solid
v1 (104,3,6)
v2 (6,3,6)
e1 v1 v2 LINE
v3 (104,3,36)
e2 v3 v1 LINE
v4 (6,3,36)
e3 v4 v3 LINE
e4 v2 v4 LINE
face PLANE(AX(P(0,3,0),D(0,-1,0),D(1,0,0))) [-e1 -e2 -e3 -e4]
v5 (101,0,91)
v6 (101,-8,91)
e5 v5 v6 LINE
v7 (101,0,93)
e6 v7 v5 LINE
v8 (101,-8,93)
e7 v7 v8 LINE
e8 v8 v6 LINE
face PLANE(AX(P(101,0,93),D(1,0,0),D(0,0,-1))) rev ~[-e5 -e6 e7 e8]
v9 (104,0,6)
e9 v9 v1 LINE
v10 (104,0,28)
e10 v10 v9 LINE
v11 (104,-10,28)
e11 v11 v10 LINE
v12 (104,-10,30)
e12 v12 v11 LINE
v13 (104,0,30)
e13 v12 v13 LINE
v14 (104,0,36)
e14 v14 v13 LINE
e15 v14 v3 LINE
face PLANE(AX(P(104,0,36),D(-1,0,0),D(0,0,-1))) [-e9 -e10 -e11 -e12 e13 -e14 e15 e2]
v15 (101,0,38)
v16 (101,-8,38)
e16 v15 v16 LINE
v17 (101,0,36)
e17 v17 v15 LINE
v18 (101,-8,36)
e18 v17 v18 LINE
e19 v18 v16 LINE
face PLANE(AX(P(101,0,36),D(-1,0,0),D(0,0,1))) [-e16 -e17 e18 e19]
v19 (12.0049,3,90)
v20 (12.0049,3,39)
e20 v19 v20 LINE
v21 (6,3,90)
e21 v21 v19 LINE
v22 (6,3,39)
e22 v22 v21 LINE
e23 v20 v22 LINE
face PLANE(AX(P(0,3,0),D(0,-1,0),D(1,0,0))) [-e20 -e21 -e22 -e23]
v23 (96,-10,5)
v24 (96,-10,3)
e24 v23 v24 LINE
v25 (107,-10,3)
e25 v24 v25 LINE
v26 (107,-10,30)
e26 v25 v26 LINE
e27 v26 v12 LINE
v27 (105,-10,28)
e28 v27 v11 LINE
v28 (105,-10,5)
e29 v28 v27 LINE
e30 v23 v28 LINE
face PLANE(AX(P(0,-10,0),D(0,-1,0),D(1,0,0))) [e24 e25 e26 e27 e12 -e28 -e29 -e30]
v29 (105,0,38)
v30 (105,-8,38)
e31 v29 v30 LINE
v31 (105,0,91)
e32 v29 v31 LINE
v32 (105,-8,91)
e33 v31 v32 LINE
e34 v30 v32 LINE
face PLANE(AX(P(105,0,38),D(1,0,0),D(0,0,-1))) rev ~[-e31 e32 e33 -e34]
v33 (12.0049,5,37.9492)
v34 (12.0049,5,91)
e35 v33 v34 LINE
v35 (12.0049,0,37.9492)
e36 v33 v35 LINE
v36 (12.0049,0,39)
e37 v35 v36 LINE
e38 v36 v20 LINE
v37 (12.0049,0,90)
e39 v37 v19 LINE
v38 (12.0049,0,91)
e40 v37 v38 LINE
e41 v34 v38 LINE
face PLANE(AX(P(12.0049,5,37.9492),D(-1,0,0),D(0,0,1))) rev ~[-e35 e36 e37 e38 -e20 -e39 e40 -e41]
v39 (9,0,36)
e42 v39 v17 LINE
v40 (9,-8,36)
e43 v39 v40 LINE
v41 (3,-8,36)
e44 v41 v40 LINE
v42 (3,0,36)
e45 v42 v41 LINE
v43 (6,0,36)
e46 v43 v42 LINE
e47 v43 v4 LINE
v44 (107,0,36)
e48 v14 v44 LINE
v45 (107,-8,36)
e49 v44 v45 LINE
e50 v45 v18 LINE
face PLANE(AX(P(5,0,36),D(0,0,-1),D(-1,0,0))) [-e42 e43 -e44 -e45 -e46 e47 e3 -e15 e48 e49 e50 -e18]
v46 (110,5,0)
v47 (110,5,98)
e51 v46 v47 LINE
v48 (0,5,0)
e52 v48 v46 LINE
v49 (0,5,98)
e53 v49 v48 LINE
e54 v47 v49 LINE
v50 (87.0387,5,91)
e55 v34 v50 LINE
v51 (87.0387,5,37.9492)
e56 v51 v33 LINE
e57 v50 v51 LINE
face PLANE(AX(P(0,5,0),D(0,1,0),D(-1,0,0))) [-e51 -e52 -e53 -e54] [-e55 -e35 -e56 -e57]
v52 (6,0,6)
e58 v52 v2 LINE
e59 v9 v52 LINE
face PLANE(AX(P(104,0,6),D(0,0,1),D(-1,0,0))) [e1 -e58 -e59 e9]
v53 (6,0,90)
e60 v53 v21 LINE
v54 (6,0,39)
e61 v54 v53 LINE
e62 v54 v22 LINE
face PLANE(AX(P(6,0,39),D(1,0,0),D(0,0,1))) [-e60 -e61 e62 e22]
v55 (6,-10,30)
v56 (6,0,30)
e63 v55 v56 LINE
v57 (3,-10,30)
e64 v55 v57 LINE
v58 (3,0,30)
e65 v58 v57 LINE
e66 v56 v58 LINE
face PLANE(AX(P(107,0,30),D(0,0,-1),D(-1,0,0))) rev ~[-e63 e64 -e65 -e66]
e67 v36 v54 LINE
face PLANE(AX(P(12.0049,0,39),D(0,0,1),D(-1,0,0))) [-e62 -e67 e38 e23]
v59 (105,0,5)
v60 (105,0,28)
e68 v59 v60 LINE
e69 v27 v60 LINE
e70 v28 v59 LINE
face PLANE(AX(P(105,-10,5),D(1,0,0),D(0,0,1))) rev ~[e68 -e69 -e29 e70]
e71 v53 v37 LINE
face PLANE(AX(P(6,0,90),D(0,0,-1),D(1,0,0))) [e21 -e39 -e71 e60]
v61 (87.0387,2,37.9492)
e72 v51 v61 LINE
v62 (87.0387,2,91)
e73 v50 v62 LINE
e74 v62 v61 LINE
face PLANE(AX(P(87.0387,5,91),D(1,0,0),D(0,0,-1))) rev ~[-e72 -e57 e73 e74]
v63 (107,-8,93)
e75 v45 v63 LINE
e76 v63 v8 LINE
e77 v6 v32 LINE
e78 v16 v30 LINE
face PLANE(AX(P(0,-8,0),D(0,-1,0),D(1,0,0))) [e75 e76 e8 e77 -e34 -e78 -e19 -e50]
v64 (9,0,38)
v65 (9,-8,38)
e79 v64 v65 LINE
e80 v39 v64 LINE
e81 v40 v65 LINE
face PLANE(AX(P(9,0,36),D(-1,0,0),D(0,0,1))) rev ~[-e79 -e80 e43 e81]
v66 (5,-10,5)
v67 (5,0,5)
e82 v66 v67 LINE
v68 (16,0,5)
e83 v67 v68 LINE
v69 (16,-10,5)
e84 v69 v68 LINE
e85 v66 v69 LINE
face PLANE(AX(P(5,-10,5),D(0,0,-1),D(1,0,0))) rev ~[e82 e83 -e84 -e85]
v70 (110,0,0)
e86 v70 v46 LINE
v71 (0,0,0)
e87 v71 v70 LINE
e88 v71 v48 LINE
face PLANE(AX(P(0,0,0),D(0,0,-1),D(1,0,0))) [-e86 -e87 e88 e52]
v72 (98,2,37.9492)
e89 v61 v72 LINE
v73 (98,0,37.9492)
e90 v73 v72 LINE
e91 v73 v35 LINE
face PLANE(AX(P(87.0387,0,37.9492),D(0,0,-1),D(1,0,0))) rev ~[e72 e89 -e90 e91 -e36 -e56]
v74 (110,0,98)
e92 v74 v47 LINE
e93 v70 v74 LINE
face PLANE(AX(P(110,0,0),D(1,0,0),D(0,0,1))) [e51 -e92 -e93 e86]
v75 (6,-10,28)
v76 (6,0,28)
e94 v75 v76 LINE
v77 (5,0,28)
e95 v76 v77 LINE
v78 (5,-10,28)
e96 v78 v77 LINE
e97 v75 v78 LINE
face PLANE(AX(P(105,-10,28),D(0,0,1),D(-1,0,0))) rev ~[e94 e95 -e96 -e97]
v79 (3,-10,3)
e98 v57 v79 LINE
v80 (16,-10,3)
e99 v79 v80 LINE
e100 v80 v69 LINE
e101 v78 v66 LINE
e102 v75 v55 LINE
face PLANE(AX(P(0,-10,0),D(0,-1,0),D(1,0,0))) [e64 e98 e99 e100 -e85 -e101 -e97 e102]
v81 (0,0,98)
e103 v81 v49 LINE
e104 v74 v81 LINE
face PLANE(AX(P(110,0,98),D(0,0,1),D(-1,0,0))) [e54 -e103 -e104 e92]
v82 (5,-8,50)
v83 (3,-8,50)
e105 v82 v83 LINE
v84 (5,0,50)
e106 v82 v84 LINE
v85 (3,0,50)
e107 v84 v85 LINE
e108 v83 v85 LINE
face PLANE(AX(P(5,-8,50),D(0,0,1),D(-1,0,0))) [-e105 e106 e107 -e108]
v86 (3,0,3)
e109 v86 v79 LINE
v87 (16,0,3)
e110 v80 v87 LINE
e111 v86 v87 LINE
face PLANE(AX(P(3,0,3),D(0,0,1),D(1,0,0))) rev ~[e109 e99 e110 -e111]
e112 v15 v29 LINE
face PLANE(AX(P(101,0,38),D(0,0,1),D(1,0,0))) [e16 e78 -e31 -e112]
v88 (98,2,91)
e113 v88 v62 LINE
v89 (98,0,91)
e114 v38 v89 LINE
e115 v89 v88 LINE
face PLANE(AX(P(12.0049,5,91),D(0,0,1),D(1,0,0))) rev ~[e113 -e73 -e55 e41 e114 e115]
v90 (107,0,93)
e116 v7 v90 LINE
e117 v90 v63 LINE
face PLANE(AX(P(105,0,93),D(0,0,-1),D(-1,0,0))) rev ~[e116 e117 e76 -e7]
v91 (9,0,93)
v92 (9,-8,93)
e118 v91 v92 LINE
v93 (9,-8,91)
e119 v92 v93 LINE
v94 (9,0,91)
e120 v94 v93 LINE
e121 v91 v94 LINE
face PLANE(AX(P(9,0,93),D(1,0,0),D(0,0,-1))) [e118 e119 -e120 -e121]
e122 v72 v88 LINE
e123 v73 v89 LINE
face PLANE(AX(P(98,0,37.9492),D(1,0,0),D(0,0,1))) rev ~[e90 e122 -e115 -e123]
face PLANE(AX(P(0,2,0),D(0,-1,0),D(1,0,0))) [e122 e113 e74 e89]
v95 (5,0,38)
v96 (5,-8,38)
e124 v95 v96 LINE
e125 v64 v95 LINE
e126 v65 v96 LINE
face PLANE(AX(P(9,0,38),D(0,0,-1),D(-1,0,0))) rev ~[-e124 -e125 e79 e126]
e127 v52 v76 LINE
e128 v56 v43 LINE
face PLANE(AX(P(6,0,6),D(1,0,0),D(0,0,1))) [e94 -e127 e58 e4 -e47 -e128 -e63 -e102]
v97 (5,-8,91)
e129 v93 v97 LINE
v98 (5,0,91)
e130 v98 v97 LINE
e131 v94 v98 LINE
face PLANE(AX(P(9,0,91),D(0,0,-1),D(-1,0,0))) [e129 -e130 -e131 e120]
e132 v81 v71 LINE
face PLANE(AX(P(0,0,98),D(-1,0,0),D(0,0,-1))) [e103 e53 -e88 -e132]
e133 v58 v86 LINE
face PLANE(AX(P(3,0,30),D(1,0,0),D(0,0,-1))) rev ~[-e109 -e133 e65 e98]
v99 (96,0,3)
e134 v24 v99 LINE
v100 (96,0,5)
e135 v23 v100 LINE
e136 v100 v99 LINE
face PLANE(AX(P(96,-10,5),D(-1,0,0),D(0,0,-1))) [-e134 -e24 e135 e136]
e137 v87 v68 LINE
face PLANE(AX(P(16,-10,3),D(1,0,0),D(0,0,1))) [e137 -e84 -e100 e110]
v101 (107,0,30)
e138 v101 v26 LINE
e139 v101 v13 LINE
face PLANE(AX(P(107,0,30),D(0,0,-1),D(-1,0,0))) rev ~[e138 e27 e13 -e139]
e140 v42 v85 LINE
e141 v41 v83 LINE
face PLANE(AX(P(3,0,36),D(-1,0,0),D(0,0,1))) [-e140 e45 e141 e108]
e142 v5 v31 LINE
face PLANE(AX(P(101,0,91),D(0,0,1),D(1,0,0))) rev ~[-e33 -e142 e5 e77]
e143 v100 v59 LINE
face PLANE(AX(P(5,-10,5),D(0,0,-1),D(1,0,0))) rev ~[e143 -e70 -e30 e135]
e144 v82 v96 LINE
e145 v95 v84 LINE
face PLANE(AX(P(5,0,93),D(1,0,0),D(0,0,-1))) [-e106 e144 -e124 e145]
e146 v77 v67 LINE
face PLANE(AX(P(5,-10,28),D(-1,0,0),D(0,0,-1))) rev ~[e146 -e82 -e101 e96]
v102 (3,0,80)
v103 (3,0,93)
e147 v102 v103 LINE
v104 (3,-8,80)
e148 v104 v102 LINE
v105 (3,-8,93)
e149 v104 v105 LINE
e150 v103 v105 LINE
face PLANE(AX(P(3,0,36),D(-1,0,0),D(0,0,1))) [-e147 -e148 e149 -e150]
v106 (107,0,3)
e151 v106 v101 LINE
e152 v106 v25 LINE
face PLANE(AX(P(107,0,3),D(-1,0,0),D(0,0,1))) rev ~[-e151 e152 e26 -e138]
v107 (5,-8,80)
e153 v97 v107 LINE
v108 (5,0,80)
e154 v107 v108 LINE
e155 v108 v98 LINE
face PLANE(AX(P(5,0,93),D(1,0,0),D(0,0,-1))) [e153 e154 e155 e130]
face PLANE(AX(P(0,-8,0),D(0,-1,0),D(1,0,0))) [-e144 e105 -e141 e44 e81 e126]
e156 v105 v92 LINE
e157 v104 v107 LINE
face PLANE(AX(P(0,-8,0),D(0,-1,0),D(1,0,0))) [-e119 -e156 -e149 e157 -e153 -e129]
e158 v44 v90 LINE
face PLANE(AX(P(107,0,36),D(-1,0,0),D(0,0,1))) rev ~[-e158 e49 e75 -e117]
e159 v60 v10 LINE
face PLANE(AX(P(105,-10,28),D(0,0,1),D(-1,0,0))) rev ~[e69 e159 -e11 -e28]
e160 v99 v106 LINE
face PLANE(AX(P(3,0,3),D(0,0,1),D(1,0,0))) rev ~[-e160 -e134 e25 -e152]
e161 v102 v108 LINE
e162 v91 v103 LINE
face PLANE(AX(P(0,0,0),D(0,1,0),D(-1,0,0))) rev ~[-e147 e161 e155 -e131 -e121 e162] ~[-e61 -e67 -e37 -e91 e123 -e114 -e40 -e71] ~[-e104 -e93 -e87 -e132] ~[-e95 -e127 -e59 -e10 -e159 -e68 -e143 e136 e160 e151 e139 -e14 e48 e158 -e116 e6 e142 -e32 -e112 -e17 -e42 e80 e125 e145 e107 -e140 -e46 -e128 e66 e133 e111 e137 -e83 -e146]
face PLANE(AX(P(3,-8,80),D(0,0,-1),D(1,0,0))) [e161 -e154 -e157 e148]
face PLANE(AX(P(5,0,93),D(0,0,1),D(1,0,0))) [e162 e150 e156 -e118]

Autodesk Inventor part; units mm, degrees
ref_plane "YZ Plane" through (0, 0, 0) normal (1, 0, 0) x (0, 1, 0)
ref_plane "XZ Plane" through (0, 0, 0) normal (0, 1, 0) x (-1, 0, 0)
ref_plane "XY Plane" through (0, 0, 0) normal (0, 0, 1) x (1, 0, 0)
sketch "Skizze1" plane through (0, 0, 0) normal (0, 1, 0) x (-1, 0, 0)
  line L0 (0, 0) -> (-110, 0)
  line L1 (-110, 0) -> (-110, 98)
  line L2 (-110, 98) -> (0, 98)
  line L3 (0, 98) -> (0, 0)
  dimension "d0" = 110
  dimension "d1" = 98
extrude "Extrusion1" add sketch "Skizze1" along normal blind 5
sketch "Skizze2" plane through (0, 0, 0) normal (0, -1, 0) x (1, 0, 0)
  line L0 (107, 93) -> (105, 93)
  line L1 (105, 93) -> (105, 36)
  line L2 (105, 36) -> (107, 36)
  line L3 (107, 36) -> (107, 93)
  line L4 (3, 93) -> (5, 93)
  line L5 (5, 93) -> (5, 36)
  line L6 (5, 36) -> (3, 36)
  line L7 (3, 36) -> (3, 93)
  line L8 (5, 36) -> (9, 36)
  line L9 (9, 36) -> (9, 38)
  line L10 (9, 38) -> (5, 38)
  line L11 (5, 38) -> (5, 36)
  line L12 (5, 93) -> (9, 93)
  line L13 (9, 93) -> (9, 91)
  line L14 (9, 91) -> (5, 91)
  line L15 (5, 91) -> (5, 93)
  line L16 (105, 93) -> (101, 93)
  line L17 (101, 93) -> (101, 91)
  line L18 (101, 91) -> (105, 91)
  line L19 (105, 91) -> (105, 93)
  line L20 (105, 36) -> (101, 36)
  line L21 (101, 36) -> (101, 38)
  line L22 (101, 38) -> (105, 38)
  line L23 (105, 38) -> (105, 36)
extrude "Extrusion2" add sketch "Skizze2" along normal blind 8 contours L3 L2 L1 L0
extrude "Extrusion3" add sketch "Skizze2" along normal blind 8 contours L20 L21 L22 L1
extrude "Extrusion4" add sketch "Skizze2" along normal blind 8 contours L1 L18 L17 L16
extrude "Extrusion5" add sketch "Skizze2" along normal blind 8 contours L5 L10 L9 L8
extrude "Extrusion6" add sketch "Skizze2" along normal blind 8 contours L4 L5 L6 L7
extrude "Extrusion7" add sketch "Skizze2" along normal blind 8 contours L12 L13 L14 L5
sketch "Skizze3" plane through (0, -8, 0) normal (0, -1, 0) x (1, 0, 0)
  line L0 (5, 38) -> (5, 91) projected
  line L1 (3, 93) -> (3, 36) projected
  line L2 (3, 80) -> (5, 80)
  line L3 (5, 80) -> (5, 50)
  line L4 (5, 50) -> (3, 50)
  line L5 (3, 50) -> (3, 80)
  point P0 (0, 0)
extrude "Extrusion8" cut sketch "Skizze3" against normal blind 8
sketch "Skizze4" plane through (0, 5, 0) normal (0, 1, 0) x (1, 0, 0)
  line L0 (12.0049, -91) -> (87.0387, -91)
  line L1 (87.0387, -91) -> (87.0387, -37.9492)
  line L2 (87.0387, -37.9492) -> (12.0049, -37.9492)
  line L3 (12.0049, -37.9492) -> (12.0049, -91)
extrude "Extrusion9" cut sketch "Skizze4" against normal blind 8
sketch "Skizze5" plane through (0, 0, 0) normal (0, -1, 0) x (1, 0, 0)
  line L0 (3, 3) -> (107, 3)
  line L1 (107, 3) -> (107, 30)
  line L2 (107, 30) -> (3, 30)
  line L3 (3, 30) -> (3, 3)
extrude "Extrusion10" add sketch "Skizze5" along normal blind 10
sketch "Skizze6" plane through (0, -10, 0) normal (0, -1, 0) x (1, 0, 0)
  line L0 (5, 5) -> (105, 5)
  line L1 (105, 5) -> (105, 28)
  line L2 (105, 28) -> (5, 28)
  line L3 (5, 28) -> (5, 5)
  point P0 (0, 0)
extrude "Extrusion11" cut sketch "Skizze6" against normal blind 10
sketch "Skizze7" plane through (0, -10, 0) normal (0, -1, 0) x (1, 0, 0)
  line L0 (107, 30) -> (3, 30) projected
  line L1 (5, 28) -> (105, 28) projected
  line L2 (14, 30) -> (98, 30)
  line L3 (98, 30) -> (98, 28)
  line L4 (98, 28) -> (14, 28)
  line L5 (14, 28) -> (14, 30)
  point P0 (0, 0)
extrude "Extrusion12" cut sketch "Skizze7" against normal blind 10
sketch "Skizze8" plane through (0, -10, 0) normal (0, -1, 0) x (1, 0, 0)
  line L0 (105, 5) -> (5, 5) projected
  line L1 (107, 3) -> (3, 3) projected
  line L2 (16, 5) -> (96, 5)
  line L3 (96, 5) -> (96, 3)
  line L4 (96, 3) -> (16, 3)
  line L5 (16, 3) -> (16, 5)
  point P0 (0, 0)
extrude "Extrusion13" cut sketch "Skizze8" against normal blind 10
sketch "Skizze14" plane through (0, 0, 0) normal (0, -1, 0) x (1, 0, 0)
  line L0 (87.0387, 37.9492) -> (98, 37.9492)
  line L1 (98, 37.9492) -> (98, 91)
  line L2 (98, 91) -> (87.0387, 91)
  line L3 (87.0387, 91) -> (87.0387, 37.9492)
extrude "Extrusion20" cut sketch "Skizze14" against normal blind 2
sketch "Skizze15" plane through (0, 0, 0) normal (0, -1, 0) x (1, 0, 0)
  line L0 (104, 6) -> (6, 6)
  line L1 (6, 6) -> (6, 27)
  line L2 (6, 27) -> (104, 27)
  line L3 (104, 27) -> (104, 6)
extrude "Extrusion21" cut sketch "Skizze15" against normal blind 3
sketch "Skizze16" plane through (0, -10, 0) normal (0, -1, 0) x (1, 0, 0)
  line L0 (104, 28) -> (6, 28)
  line L1 (6, 28) -> (6, 30)
  line L2 (6, 30) -> (104, 30)
  line L3 (104, 30) -> (104, 28)
  point P0 (0, 0)
extrude "Extrusion22" cut sketch "Skizze16" against normal blind 10
sketch "Skizze17" plane through (0, 0, 0) normal (0, -1, 0) x (1, 0, 0)
  line L0 (9, 36) -> (3, 36) projected
  line L1 (104, 27) -> (6, 27)
  line L2 (6, 27) -> (6, 36)
  line L3 (6, 36) -> (104, 36)
  line L4 (104, 36) -> (104, 27)
extrude "Extrusion23" cut sketch "Skizze17" against normal blind 3
sketch "Skizze18" plane through (0, 0, 0) normal (0, -1, 0) x (1, 0, 0)
  line L0 (12.0049, 91) -> (12.0049, 37.9492) projected
  line L1 (12.0049, 39) -> (6, 39)
  line L2 (6, 39) -> (6, 90)
  line L3 (6, 90) -> (12.0049, 90)
  line L4 (12.0049, 90) -> (12.0049, 39)
extrude "Extrusion24" cut sketch "Skizze18" against normal blind 3
properties part number "ARDUINO_DUE_CASE_TOP_NEU"
